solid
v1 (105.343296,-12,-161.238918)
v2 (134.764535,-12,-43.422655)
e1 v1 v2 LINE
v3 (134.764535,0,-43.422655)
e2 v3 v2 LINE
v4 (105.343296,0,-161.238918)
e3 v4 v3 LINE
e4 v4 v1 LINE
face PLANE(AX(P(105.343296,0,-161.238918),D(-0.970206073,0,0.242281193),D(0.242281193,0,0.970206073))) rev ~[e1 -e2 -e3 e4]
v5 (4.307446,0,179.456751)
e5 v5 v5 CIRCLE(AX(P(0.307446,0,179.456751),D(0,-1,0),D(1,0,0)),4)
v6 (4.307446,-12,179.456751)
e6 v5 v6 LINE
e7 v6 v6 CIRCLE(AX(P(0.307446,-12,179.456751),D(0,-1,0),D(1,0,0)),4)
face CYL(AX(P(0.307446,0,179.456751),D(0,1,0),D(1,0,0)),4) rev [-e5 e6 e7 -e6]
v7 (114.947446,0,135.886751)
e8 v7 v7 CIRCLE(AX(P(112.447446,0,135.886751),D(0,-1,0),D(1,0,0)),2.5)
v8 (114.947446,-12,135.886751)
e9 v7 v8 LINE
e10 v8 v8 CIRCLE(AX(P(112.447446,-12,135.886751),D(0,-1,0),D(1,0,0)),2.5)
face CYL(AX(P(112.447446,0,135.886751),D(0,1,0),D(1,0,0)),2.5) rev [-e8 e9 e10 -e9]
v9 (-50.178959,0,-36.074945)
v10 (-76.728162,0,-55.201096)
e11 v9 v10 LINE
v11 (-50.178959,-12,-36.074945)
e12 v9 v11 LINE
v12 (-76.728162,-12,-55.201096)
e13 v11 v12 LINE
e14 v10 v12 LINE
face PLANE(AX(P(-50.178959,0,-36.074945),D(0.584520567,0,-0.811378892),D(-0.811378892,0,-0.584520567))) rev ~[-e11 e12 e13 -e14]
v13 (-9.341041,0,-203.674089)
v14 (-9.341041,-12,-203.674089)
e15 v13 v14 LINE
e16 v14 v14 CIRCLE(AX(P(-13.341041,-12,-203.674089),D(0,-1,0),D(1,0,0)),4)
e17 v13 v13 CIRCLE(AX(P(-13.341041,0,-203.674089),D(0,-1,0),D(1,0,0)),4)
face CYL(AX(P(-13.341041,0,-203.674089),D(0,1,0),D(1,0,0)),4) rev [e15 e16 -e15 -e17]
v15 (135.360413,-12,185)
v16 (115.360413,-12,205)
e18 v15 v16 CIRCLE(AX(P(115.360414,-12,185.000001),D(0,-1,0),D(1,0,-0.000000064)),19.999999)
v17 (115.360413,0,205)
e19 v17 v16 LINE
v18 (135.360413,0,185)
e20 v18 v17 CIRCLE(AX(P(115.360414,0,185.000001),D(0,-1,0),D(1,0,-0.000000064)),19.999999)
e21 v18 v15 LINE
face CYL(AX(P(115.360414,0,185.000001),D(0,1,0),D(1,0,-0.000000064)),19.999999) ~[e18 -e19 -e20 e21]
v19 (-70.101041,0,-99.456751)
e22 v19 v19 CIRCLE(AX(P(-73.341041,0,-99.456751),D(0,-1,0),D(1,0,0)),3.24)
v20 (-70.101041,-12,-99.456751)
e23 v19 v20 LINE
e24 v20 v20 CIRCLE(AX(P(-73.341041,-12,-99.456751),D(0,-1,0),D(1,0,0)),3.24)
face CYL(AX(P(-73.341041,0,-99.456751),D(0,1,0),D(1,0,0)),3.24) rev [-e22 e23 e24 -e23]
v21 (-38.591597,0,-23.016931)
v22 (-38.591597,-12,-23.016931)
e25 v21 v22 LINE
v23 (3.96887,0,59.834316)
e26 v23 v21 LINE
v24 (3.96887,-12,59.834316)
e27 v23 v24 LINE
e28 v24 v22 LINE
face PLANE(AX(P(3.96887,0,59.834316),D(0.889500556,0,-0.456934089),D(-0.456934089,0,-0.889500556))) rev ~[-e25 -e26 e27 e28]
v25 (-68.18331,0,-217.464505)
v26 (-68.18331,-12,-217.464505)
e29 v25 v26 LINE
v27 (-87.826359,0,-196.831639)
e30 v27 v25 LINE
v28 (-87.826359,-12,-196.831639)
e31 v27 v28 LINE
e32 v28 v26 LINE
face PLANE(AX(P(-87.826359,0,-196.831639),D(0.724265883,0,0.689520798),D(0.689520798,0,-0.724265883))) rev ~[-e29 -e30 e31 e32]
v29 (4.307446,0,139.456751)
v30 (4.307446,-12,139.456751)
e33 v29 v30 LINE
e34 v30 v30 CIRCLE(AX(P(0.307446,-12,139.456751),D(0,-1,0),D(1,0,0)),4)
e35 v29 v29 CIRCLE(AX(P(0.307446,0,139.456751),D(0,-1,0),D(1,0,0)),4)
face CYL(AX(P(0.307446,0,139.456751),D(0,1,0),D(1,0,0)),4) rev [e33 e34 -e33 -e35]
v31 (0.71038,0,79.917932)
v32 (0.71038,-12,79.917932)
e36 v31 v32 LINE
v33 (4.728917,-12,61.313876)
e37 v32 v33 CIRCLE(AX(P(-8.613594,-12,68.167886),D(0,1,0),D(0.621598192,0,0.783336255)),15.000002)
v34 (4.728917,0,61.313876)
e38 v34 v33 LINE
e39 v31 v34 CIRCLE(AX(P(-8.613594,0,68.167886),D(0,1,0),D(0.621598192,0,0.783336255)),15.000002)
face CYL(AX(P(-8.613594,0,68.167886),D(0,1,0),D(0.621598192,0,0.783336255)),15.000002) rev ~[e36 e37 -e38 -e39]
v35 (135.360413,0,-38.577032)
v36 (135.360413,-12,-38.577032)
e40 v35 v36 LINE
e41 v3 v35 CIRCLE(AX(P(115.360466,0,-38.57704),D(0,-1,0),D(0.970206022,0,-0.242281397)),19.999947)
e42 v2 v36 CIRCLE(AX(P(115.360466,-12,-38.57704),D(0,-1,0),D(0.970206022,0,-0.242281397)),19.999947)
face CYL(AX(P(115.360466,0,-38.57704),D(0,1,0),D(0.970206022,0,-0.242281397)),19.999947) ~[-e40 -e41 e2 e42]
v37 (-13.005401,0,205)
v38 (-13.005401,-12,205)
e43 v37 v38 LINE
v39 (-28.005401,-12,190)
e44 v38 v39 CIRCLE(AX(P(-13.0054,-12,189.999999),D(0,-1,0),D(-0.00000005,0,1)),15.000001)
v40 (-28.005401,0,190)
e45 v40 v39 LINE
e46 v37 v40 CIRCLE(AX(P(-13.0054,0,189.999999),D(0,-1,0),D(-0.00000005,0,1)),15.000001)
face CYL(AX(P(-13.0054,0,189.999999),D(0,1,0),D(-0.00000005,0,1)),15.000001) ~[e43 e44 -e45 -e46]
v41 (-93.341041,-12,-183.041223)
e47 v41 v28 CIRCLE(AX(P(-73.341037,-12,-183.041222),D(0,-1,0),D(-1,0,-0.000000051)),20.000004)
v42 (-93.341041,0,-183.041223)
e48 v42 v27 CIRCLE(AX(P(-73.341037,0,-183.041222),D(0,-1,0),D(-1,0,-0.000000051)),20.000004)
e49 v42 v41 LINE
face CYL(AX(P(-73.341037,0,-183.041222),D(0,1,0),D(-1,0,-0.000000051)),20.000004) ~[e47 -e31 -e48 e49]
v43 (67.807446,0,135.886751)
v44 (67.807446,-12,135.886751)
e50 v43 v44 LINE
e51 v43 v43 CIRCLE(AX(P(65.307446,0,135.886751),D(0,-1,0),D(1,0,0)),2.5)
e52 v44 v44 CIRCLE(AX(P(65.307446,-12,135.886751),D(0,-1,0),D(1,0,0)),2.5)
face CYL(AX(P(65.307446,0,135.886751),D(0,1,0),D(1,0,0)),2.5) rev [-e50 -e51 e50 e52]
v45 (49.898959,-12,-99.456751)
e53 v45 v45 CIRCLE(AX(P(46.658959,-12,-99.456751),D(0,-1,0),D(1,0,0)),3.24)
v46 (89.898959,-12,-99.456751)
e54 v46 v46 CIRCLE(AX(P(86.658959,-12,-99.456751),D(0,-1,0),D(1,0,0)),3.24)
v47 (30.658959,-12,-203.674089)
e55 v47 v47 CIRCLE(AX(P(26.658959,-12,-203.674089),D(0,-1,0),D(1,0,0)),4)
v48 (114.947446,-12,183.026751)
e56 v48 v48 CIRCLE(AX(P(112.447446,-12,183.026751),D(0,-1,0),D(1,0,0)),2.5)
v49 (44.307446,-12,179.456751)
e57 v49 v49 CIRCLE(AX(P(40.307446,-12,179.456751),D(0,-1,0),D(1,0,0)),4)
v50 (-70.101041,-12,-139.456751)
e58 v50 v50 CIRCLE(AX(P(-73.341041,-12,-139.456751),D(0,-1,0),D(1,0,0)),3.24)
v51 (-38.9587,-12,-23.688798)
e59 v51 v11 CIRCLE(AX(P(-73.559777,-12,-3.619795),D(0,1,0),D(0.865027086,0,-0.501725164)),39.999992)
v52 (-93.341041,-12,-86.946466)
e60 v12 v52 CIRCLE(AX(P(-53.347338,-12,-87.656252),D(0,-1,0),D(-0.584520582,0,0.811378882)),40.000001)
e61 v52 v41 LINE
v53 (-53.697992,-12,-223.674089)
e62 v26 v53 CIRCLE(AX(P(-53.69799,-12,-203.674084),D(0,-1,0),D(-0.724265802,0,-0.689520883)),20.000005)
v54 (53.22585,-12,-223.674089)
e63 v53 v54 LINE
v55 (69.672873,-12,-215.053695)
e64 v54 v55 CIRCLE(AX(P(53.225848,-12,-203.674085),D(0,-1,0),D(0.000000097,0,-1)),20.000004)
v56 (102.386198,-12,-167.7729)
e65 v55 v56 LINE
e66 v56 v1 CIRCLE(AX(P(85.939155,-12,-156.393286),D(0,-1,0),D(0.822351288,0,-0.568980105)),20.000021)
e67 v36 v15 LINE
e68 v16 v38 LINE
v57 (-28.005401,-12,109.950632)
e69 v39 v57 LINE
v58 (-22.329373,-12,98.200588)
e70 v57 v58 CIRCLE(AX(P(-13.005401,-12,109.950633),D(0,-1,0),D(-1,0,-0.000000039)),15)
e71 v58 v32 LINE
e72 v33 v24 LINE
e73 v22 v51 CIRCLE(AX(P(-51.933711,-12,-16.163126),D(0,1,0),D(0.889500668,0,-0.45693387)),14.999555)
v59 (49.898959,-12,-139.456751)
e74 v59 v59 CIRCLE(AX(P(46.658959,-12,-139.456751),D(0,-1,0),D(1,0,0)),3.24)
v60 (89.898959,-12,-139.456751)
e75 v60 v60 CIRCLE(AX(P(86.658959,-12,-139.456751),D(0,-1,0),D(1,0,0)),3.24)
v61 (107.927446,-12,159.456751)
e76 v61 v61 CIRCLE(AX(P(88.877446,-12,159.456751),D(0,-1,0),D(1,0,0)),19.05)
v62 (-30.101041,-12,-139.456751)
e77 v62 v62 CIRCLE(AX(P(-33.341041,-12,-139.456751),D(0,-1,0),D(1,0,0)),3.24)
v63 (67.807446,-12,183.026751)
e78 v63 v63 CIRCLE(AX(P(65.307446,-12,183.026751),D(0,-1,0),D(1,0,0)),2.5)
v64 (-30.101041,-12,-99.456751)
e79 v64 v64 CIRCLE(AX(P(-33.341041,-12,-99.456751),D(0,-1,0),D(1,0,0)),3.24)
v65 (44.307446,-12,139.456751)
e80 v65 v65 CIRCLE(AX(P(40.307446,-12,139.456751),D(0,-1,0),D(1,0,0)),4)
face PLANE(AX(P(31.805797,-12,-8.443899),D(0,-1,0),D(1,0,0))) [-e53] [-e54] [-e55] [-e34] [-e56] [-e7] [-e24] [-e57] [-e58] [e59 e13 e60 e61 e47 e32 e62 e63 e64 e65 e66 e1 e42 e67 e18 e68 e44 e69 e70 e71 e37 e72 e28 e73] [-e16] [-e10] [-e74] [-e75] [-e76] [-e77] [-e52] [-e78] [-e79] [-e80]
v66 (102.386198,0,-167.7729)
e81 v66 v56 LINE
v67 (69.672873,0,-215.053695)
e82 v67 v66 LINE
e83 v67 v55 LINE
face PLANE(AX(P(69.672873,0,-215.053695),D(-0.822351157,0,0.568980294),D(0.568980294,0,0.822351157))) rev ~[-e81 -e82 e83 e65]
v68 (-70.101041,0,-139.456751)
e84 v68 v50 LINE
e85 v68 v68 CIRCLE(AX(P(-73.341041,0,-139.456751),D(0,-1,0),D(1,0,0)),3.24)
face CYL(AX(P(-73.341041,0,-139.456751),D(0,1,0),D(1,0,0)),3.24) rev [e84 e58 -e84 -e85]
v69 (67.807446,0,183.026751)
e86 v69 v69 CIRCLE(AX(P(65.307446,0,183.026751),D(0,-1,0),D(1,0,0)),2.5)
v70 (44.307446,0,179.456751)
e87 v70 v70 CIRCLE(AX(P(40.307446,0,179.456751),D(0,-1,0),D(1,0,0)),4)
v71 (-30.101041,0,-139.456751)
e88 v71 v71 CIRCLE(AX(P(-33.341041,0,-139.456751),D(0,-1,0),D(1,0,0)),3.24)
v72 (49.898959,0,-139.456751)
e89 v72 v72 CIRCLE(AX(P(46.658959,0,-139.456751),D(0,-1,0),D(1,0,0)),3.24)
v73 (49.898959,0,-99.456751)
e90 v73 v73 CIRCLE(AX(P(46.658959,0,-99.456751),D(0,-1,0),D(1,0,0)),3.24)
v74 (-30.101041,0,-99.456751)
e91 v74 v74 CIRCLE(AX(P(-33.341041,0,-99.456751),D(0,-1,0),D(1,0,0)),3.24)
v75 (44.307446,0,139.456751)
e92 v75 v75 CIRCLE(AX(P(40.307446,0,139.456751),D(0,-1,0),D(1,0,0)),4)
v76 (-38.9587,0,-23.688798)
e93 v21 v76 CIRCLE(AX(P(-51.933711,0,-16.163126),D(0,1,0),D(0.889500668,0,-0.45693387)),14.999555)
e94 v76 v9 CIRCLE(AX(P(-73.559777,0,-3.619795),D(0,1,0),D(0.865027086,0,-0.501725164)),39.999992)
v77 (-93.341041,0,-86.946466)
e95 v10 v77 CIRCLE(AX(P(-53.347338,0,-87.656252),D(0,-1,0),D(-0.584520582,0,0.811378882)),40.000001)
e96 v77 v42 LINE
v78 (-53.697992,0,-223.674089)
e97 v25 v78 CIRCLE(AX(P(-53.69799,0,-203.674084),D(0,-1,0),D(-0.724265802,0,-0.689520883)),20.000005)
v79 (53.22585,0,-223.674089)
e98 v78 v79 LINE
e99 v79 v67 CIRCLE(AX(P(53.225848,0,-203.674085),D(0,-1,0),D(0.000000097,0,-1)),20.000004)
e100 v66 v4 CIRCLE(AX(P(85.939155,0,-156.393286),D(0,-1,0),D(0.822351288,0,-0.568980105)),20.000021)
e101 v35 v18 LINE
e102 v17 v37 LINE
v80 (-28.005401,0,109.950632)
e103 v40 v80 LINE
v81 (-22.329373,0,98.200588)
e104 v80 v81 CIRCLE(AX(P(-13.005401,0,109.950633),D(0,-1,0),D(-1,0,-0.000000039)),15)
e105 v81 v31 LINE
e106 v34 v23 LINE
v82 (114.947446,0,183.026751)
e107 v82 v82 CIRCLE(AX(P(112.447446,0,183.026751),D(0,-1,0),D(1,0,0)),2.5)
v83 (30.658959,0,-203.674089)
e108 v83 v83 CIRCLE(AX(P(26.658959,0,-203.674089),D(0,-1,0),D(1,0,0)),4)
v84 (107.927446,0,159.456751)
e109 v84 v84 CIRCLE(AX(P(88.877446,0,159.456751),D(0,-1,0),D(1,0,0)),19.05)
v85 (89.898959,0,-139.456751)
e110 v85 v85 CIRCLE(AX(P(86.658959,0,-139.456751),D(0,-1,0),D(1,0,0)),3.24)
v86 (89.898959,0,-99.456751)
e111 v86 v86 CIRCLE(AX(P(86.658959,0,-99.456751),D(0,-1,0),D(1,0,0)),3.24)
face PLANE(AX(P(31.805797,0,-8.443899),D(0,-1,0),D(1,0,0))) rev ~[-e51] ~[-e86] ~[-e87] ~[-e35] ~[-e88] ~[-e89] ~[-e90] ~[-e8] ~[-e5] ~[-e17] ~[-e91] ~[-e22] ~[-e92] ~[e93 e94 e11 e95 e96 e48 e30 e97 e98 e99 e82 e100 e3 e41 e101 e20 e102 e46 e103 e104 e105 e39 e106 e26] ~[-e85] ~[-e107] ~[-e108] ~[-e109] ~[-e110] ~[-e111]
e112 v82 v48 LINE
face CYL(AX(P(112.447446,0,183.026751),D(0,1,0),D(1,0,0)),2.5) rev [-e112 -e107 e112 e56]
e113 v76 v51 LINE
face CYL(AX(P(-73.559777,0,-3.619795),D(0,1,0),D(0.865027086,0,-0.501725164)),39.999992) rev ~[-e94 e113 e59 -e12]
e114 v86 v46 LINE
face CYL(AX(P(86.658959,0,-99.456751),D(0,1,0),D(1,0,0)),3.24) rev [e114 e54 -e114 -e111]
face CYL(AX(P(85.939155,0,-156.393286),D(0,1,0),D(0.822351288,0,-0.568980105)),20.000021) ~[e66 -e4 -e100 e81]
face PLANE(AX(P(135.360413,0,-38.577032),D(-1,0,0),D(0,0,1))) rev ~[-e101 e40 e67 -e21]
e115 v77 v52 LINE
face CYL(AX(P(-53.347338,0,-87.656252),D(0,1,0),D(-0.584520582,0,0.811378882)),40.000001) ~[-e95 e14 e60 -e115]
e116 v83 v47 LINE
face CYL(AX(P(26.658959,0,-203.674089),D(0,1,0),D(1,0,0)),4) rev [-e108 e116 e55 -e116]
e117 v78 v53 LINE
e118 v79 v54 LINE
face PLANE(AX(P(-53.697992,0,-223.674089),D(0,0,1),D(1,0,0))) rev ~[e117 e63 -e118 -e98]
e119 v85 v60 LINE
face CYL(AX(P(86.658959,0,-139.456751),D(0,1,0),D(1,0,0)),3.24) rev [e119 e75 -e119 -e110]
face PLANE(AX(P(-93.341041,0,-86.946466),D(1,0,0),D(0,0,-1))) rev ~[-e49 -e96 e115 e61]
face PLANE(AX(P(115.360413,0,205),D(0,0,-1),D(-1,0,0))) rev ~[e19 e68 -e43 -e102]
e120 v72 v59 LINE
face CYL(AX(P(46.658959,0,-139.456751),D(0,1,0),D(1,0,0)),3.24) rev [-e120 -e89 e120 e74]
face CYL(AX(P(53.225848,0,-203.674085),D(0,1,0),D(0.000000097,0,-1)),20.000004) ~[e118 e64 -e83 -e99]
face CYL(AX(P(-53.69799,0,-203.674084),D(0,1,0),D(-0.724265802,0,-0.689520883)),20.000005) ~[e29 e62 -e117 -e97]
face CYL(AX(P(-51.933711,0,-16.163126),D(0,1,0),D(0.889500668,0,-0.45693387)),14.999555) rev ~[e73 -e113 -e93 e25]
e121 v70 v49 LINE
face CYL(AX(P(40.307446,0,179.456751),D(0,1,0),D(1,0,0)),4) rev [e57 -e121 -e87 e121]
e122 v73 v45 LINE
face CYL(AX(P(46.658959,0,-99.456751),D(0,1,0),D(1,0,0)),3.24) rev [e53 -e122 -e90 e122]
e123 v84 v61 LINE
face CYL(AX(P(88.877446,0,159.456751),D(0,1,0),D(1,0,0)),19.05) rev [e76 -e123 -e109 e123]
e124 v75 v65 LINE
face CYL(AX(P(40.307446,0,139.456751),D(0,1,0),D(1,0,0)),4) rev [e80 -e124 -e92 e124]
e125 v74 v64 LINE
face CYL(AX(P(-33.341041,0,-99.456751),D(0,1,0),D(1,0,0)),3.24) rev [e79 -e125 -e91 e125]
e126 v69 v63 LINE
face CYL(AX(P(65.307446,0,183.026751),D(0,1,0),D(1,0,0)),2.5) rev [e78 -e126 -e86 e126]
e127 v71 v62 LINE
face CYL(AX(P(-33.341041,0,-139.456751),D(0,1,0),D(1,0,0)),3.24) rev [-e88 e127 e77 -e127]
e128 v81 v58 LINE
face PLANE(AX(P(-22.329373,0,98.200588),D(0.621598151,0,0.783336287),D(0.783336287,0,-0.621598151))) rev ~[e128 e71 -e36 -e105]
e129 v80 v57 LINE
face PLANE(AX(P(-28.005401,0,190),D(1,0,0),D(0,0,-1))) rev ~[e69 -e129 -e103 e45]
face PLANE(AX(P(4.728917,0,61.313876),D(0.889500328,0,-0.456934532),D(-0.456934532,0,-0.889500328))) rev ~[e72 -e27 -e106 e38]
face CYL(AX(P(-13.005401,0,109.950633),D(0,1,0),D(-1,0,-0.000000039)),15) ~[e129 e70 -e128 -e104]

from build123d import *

# Parameters (mm, degrees)
F0_R     = 3.24
F0_R_2   = 4
F0_R_3   = 2.5
F0_R_4   = 19.05
F1_DEPTH = 12


with BuildPart() as f1:
    # F0 (on Front) → F1 (new body)
    with BuildSketch(Plane.XZ):
        with BuildLine():
            Line((115.360413, 205), (85.230881, 205))
            Line((85.230881, 205), (25.307446, 205))
            Line((25.307446, 205), (10.35451, 205))
            Line((10.35451, 205), (-13.005401, 205))
            ThreePointArc((-13.005401, 205), (-23.612002, 200.606602), (-28.005401, 190))
            Line((-28.005401, 190), (-28.005401, 109.950632))
            ThreePointArc((-28.005401, 109.950632), (-26.512058, 103.426047), (-22.329373, 98.200588))
            Line((-22.329373, 98.200588), (0.71038, 79.917932))
            ThreePointArc((0.71038, 79.917932), (6.048265, 71.334896), (4.728917, 61.313876))
            Line((4.728917, 61.313876), (3.96887, 59.834316))
            Line((3.96887, 59.834316), (-38.591597, -23.016931))
            ThreePointArc((-38.591597, -23.016931), (-38.770861, -23.355207), (-38.9587, -23.688798))
            ThreePointArc((-38.9587, -23.688798), (-43.914723, -30.474407), (-50.178959, -36.074945))
            Line((-50.178959, -36.074945), (-76.728162, -55.201096))
            ThreePointArc((-76.728162, -55.201096), (-88.787778, -69.109681), (-93.341041, -86.946466))
            Line((-93.341041, -86.946466), (-93.341041, -135.075137))
            Line((-93.341041, -135.075137), (-93.341041, -183.041223))
            ThreePointArc((-93.341041, -183.041223), (-91.911264, -190.467313), (-87.826359, -196.831639))
            Line((-87.826359, -196.831639), (-68.18331, -217.464505))
            ThreePointArc((-68.18331, -217.464505), (-61.578084, -222.056258), (-53.697992, -223.674089))
            Line((-53.697992, -223.674089), (53.22585, -223.674089))
            ThreePointArc((53.22585, -223.674089), (62.510458, -221.388378), (69.672873, -215.053695))
            Line((69.672873, -215.053695), (102.386198, -167.7729))
            ThreePointArc((102.386198, -167.7729), (104.160024, -164.639544), (105.343296, -161.238918))
            Line((105.343296, -161.238918), (134.764535, -43.422655))
            ThreePointArc((134.764535, -43.422655), (135.210885, -41.018094), (135.360413, -38.577032))
            Line((135.360413, -38.577032), (135.360413, 185))
            ThreePointArc((135.360413, 185), (129.502549, 199.142136), (115.360413, 205))
        make_face()
        with Locations((-73.341041, -139.456751)):
            Circle(F0_R, mode=Mode.SUBTRACT)
        with Locations((-13.341041, -203.674089)):
            Circle(F0_R_2, mode=Mode.SUBTRACT)
        with Locations((-33.341041, -139.456751)):
            Circle(F0_R, mode=Mode.SUBTRACT)
        with Locations((-73.341041, -99.456751)):
            Circle(F0_R, mode=Mode.SUBTRACT)
        with Locations((-33.341041, -99.456751)):
            Circle(F0_R, mode=Mode.SUBTRACT)
        with Locations((26.658959, -203.674089)):
            Circle(F0_R_2, mode=Mode.SUBTRACT)
        with Locations((46.658959, -139.456751)):
            Circle(F0_R, mode=Mode.SUBTRACT)
        with Locations((86.658959, -139.456751)):
            Circle(F0_R, mode=Mode.SUBTRACT)
        with Locations((46.658959, -99.456751)):
            Circle(F0_R, mode=Mode.SUBTRACT)
        with Locations((86.658959, -99.456751)):
            Circle(F0_R, mode=Mode.SUBTRACT)
        with Locations((0.307446, 139.456751)):
            Circle(F0_R_2, mode=Mode.SUBTRACT)
        with Locations((0.307446, 179.456751)):
            Circle(F0_R_2, mode=Mode.SUBTRACT)
        with Locations((40.307446, 139.456751)):
            Circle(F0_R_2, mode=Mode.SUBTRACT)
        with Locations((65.307446, 135.886751)):
            Circle(F0_R_3, mode=Mode.SUBTRACT)
        with Locations((40.307446, 179.456751)):
            Circle(F0_R_2, mode=Mode.SUBTRACT)
        with Locations((65.307446, 183.026751)):
            Circle(F0_R_3, mode=Mode.SUBTRACT)
        with Locations((112.447446, 135.886751)):
            Circle(F0_R_3, mode=Mode.SUBTRACT)
        with Locations((88.877446, 159.456751)):
            Circle(F0_R_4, mode=Mode.SUBTRACT)
        with Locations((112.447446, 183.026751)):
            Circle(F0_R_3, mode=Mode.SUBTRACT)
    extrude(amount=F1_DEPTH)


solid = f1.part
